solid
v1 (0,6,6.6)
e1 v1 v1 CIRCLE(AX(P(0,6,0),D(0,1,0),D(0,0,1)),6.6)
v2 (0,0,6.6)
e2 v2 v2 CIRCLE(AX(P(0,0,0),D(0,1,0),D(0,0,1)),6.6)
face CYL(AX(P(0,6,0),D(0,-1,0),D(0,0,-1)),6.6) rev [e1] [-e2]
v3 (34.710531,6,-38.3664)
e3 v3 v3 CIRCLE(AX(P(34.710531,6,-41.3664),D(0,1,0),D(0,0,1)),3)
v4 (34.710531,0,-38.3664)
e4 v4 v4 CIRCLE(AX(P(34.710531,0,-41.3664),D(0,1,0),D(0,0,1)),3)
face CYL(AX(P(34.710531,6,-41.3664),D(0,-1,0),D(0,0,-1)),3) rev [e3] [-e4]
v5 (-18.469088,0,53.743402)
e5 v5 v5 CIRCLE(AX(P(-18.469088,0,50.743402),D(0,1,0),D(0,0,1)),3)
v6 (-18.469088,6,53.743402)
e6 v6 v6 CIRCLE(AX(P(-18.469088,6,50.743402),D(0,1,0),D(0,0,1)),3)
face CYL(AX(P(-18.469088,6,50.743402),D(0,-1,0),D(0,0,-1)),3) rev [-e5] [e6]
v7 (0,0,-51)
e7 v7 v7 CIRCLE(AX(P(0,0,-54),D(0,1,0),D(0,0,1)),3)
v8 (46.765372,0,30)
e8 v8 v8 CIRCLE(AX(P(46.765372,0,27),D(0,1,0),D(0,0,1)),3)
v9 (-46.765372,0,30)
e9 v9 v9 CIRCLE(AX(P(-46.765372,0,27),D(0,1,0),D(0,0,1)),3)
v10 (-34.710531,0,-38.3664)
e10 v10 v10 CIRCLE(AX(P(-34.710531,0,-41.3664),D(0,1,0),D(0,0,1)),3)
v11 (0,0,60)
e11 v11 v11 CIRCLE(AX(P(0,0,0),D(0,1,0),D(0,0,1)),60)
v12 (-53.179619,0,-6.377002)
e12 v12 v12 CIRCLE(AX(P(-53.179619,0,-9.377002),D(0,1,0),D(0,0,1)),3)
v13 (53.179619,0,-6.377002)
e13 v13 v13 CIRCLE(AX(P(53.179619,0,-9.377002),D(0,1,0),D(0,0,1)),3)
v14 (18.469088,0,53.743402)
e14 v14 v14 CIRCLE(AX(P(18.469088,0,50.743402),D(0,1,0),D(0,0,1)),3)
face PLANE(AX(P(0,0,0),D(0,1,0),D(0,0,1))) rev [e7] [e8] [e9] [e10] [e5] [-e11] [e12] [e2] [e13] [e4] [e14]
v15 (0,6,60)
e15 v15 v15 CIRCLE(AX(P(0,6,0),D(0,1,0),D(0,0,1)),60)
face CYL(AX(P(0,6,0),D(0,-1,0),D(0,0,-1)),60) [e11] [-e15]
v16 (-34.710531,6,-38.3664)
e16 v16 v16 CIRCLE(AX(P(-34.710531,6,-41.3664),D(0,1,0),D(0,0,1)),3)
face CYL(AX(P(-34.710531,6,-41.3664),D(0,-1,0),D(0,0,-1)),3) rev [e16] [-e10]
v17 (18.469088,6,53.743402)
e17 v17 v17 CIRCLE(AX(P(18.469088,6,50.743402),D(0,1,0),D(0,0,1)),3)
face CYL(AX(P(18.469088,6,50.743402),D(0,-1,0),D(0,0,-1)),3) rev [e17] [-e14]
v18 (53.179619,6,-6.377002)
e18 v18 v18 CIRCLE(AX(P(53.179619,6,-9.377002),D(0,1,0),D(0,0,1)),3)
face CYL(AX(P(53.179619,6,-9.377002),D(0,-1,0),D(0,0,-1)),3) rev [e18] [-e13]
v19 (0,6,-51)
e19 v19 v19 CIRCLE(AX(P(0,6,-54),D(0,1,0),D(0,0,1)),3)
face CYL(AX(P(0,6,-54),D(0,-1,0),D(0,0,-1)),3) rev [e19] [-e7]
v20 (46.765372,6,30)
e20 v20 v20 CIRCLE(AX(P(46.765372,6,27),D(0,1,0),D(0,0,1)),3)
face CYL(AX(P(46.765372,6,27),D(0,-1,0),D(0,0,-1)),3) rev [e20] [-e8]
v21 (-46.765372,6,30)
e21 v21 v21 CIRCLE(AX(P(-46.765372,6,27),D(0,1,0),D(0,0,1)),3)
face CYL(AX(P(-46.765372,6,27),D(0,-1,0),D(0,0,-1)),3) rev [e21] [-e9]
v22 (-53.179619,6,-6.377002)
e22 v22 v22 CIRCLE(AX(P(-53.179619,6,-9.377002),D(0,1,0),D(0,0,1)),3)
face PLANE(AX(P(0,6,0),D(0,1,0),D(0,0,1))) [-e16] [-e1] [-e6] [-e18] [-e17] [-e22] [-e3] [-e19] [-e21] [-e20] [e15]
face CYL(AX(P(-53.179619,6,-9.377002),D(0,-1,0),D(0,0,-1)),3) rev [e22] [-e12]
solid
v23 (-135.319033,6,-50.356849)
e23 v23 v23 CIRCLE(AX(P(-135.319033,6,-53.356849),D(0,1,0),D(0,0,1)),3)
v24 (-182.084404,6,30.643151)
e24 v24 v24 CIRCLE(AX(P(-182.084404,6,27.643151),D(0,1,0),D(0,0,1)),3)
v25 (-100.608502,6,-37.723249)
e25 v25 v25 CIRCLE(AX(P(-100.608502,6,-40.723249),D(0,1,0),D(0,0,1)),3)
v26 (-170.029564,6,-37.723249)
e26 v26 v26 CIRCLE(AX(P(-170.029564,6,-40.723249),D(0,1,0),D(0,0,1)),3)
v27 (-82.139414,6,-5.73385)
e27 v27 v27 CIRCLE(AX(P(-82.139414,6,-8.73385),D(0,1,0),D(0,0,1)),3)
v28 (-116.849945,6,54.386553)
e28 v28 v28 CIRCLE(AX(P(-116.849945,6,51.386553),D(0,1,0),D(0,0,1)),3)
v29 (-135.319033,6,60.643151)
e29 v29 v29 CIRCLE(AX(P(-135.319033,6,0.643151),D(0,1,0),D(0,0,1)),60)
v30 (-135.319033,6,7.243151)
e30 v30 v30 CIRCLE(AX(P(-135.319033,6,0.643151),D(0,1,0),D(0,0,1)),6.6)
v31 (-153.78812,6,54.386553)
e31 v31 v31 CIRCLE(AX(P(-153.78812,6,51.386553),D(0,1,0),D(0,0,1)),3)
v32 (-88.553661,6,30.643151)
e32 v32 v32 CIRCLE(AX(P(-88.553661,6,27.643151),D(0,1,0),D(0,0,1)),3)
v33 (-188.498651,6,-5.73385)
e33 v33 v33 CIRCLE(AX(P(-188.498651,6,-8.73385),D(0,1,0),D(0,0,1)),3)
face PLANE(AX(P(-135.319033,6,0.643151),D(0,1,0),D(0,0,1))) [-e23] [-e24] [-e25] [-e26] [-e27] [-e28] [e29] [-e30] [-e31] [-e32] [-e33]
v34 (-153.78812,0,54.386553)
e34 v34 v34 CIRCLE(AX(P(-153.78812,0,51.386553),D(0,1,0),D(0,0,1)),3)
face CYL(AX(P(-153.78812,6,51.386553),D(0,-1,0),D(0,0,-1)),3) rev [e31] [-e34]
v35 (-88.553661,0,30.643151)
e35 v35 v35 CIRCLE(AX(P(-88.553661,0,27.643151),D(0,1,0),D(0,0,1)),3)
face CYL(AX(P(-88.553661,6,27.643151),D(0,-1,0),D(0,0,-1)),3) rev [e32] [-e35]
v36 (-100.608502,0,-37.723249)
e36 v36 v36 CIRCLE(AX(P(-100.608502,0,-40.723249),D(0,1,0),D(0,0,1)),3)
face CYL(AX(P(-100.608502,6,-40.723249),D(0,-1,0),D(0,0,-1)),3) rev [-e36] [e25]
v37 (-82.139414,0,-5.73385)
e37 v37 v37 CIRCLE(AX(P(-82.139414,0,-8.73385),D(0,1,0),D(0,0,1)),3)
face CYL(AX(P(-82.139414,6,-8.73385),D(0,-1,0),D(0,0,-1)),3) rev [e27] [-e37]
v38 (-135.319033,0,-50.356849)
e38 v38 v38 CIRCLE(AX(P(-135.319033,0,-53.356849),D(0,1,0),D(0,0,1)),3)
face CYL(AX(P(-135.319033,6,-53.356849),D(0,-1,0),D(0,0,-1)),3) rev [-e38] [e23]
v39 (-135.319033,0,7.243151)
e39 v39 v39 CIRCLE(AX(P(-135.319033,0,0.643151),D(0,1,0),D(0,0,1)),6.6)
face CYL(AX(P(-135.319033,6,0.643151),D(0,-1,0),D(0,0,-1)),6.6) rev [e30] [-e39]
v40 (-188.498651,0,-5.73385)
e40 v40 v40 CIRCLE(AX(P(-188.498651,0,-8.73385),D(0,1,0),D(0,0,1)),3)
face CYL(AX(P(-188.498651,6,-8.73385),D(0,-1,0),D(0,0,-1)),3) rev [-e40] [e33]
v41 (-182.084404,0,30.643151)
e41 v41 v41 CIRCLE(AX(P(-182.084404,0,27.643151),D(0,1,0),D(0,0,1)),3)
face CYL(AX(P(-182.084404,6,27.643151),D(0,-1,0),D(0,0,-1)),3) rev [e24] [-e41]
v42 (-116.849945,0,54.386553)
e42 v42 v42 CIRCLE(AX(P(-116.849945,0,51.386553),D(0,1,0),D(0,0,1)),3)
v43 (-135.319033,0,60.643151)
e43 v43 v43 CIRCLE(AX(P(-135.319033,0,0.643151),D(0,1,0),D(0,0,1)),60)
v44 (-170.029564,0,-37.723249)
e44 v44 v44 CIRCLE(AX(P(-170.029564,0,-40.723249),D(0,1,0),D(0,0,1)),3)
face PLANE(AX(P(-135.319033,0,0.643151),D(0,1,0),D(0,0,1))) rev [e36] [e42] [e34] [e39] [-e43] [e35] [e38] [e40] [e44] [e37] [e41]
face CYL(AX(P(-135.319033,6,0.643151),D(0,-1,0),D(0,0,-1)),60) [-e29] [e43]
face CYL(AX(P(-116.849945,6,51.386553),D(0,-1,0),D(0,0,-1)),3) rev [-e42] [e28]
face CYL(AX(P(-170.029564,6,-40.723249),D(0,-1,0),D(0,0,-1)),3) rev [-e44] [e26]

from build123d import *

# Parameters (mm, degrees)
SKETCH_1_R        = 60
SKETCH_1_R_2      = 3
SKETCH_1_R_3      = 6.6
EXTRUDE_1_DEPTH   = 6
EXTRUDE_1_2_DEPTH = 6


with BuildPart() as part:
    # 草图1 → 凸台-拉伸1 (new body)
    with BuildSketch(Plane(origin=(0, 0, 0), x_dir=(1, 0, 0), z_dir=(0, 1, 0))):
        Circle(SKETCH_1_R)
        with Locations((0, 54)):
            Circle(SKETCH_1_R_2, mode=Mode.SUBTRACT)
        Circle(SKETCH_1_R_3, mode=Mode.SUBTRACT)
        with Locations((34.710530923, 41.366399928)):
            Circle(SKETCH_1_R_2, mode=Mode.SUBTRACT)
        with Locations((53.179618663, 9.377001594)):
            Circle(SKETCH_1_R_2, mode=Mode.SUBTRACT)
        with Locations((46.765371804, -27)):
            Circle(SKETCH_1_R_2, mode=Mode.SUBTRACT)
        with Locations((18.46908774, -50.743401522)):
            Circle(SKETCH_1_R_2, mode=Mode.SUBTRACT)
        with Locations((-18.46908774, -50.743401522)):
            Circle(SKETCH_1_R_2, mode=Mode.SUBTRACT)
        with Locations((-46.765371804, -27)):
            Circle(SKETCH_1_R_2, mode=Mode.SUBTRACT)
        with Locations((-53.179618663, 9.377001594)):
            Circle(SKETCH_1_R_2, mode=Mode.SUBTRACT)
        with Locations((-34.710530923, 41.366399928)):
            Circle(SKETCH_1_R_2, mode=Mode.SUBTRACT)
    extrude(amount=EXTRUDE_1_DEPTH)


with BuildPart() as body_2:
    # 草图1 → Extrude 1 2 (new body)
    with BuildSketch(Plane(origin=(0, 0, 0), x_dir=(1, 0, 0), z_dir=(0, 1, 0))):
        with Locations((-135.319032656, -0.643151296)):
            Circle(SKETCH_1_R)
        with Locations((-135.319032656, 53.356848704)):
            Circle(SKETCH_1_R_2, mode=Mode.SUBTRACT)
        with Locations((-135.319032656, -0.643151296)):
            Circle(SKETCH_1_R_3, mode=Mode.SUBTRACT)
        with Locations((-100.608501733, 40.723248633)):
            Circle(SKETCH_1_R_2, mode=Mode.SUBTRACT)
        with Locations((-82.139413994, 8.733850298)):
            Circle(SKETCH_1_R_2, mode=Mode.SUBTRACT)
        with Locations((-88.553660852, -27.643151296)):
            Circle(SKETCH_1_R_2, mode=Mode.SUBTRACT)
        with Locations((-116.849944917, -51.386552818)):
            Circle(SKETCH_1_R_2, mode=Mode.SUBTRACT)
        with Locations((-153.788120396, -51.386552818)):
            Circle(SKETCH_1_R_2, mode=Mode.SUBTRACT)
        with Locations((-182.084404461, -27.643151296)):
            Circle(SKETCH_1_R_2, mode=Mode.SUBTRACT)
        with Locations((-188.498651319, 8.733850298)):
            Circle(SKETCH_1_R_2, mode=Mode.SUBTRACT)
        with Locations((-170.02956358, 40.723248633)):
            Circle(SKETCH_1_R_2, mode=Mode.SUBTRACT)
    extrude(amount=EXTRUDE_1_2_DEPTH)


solid = Compound([part.part, body_2.part])
